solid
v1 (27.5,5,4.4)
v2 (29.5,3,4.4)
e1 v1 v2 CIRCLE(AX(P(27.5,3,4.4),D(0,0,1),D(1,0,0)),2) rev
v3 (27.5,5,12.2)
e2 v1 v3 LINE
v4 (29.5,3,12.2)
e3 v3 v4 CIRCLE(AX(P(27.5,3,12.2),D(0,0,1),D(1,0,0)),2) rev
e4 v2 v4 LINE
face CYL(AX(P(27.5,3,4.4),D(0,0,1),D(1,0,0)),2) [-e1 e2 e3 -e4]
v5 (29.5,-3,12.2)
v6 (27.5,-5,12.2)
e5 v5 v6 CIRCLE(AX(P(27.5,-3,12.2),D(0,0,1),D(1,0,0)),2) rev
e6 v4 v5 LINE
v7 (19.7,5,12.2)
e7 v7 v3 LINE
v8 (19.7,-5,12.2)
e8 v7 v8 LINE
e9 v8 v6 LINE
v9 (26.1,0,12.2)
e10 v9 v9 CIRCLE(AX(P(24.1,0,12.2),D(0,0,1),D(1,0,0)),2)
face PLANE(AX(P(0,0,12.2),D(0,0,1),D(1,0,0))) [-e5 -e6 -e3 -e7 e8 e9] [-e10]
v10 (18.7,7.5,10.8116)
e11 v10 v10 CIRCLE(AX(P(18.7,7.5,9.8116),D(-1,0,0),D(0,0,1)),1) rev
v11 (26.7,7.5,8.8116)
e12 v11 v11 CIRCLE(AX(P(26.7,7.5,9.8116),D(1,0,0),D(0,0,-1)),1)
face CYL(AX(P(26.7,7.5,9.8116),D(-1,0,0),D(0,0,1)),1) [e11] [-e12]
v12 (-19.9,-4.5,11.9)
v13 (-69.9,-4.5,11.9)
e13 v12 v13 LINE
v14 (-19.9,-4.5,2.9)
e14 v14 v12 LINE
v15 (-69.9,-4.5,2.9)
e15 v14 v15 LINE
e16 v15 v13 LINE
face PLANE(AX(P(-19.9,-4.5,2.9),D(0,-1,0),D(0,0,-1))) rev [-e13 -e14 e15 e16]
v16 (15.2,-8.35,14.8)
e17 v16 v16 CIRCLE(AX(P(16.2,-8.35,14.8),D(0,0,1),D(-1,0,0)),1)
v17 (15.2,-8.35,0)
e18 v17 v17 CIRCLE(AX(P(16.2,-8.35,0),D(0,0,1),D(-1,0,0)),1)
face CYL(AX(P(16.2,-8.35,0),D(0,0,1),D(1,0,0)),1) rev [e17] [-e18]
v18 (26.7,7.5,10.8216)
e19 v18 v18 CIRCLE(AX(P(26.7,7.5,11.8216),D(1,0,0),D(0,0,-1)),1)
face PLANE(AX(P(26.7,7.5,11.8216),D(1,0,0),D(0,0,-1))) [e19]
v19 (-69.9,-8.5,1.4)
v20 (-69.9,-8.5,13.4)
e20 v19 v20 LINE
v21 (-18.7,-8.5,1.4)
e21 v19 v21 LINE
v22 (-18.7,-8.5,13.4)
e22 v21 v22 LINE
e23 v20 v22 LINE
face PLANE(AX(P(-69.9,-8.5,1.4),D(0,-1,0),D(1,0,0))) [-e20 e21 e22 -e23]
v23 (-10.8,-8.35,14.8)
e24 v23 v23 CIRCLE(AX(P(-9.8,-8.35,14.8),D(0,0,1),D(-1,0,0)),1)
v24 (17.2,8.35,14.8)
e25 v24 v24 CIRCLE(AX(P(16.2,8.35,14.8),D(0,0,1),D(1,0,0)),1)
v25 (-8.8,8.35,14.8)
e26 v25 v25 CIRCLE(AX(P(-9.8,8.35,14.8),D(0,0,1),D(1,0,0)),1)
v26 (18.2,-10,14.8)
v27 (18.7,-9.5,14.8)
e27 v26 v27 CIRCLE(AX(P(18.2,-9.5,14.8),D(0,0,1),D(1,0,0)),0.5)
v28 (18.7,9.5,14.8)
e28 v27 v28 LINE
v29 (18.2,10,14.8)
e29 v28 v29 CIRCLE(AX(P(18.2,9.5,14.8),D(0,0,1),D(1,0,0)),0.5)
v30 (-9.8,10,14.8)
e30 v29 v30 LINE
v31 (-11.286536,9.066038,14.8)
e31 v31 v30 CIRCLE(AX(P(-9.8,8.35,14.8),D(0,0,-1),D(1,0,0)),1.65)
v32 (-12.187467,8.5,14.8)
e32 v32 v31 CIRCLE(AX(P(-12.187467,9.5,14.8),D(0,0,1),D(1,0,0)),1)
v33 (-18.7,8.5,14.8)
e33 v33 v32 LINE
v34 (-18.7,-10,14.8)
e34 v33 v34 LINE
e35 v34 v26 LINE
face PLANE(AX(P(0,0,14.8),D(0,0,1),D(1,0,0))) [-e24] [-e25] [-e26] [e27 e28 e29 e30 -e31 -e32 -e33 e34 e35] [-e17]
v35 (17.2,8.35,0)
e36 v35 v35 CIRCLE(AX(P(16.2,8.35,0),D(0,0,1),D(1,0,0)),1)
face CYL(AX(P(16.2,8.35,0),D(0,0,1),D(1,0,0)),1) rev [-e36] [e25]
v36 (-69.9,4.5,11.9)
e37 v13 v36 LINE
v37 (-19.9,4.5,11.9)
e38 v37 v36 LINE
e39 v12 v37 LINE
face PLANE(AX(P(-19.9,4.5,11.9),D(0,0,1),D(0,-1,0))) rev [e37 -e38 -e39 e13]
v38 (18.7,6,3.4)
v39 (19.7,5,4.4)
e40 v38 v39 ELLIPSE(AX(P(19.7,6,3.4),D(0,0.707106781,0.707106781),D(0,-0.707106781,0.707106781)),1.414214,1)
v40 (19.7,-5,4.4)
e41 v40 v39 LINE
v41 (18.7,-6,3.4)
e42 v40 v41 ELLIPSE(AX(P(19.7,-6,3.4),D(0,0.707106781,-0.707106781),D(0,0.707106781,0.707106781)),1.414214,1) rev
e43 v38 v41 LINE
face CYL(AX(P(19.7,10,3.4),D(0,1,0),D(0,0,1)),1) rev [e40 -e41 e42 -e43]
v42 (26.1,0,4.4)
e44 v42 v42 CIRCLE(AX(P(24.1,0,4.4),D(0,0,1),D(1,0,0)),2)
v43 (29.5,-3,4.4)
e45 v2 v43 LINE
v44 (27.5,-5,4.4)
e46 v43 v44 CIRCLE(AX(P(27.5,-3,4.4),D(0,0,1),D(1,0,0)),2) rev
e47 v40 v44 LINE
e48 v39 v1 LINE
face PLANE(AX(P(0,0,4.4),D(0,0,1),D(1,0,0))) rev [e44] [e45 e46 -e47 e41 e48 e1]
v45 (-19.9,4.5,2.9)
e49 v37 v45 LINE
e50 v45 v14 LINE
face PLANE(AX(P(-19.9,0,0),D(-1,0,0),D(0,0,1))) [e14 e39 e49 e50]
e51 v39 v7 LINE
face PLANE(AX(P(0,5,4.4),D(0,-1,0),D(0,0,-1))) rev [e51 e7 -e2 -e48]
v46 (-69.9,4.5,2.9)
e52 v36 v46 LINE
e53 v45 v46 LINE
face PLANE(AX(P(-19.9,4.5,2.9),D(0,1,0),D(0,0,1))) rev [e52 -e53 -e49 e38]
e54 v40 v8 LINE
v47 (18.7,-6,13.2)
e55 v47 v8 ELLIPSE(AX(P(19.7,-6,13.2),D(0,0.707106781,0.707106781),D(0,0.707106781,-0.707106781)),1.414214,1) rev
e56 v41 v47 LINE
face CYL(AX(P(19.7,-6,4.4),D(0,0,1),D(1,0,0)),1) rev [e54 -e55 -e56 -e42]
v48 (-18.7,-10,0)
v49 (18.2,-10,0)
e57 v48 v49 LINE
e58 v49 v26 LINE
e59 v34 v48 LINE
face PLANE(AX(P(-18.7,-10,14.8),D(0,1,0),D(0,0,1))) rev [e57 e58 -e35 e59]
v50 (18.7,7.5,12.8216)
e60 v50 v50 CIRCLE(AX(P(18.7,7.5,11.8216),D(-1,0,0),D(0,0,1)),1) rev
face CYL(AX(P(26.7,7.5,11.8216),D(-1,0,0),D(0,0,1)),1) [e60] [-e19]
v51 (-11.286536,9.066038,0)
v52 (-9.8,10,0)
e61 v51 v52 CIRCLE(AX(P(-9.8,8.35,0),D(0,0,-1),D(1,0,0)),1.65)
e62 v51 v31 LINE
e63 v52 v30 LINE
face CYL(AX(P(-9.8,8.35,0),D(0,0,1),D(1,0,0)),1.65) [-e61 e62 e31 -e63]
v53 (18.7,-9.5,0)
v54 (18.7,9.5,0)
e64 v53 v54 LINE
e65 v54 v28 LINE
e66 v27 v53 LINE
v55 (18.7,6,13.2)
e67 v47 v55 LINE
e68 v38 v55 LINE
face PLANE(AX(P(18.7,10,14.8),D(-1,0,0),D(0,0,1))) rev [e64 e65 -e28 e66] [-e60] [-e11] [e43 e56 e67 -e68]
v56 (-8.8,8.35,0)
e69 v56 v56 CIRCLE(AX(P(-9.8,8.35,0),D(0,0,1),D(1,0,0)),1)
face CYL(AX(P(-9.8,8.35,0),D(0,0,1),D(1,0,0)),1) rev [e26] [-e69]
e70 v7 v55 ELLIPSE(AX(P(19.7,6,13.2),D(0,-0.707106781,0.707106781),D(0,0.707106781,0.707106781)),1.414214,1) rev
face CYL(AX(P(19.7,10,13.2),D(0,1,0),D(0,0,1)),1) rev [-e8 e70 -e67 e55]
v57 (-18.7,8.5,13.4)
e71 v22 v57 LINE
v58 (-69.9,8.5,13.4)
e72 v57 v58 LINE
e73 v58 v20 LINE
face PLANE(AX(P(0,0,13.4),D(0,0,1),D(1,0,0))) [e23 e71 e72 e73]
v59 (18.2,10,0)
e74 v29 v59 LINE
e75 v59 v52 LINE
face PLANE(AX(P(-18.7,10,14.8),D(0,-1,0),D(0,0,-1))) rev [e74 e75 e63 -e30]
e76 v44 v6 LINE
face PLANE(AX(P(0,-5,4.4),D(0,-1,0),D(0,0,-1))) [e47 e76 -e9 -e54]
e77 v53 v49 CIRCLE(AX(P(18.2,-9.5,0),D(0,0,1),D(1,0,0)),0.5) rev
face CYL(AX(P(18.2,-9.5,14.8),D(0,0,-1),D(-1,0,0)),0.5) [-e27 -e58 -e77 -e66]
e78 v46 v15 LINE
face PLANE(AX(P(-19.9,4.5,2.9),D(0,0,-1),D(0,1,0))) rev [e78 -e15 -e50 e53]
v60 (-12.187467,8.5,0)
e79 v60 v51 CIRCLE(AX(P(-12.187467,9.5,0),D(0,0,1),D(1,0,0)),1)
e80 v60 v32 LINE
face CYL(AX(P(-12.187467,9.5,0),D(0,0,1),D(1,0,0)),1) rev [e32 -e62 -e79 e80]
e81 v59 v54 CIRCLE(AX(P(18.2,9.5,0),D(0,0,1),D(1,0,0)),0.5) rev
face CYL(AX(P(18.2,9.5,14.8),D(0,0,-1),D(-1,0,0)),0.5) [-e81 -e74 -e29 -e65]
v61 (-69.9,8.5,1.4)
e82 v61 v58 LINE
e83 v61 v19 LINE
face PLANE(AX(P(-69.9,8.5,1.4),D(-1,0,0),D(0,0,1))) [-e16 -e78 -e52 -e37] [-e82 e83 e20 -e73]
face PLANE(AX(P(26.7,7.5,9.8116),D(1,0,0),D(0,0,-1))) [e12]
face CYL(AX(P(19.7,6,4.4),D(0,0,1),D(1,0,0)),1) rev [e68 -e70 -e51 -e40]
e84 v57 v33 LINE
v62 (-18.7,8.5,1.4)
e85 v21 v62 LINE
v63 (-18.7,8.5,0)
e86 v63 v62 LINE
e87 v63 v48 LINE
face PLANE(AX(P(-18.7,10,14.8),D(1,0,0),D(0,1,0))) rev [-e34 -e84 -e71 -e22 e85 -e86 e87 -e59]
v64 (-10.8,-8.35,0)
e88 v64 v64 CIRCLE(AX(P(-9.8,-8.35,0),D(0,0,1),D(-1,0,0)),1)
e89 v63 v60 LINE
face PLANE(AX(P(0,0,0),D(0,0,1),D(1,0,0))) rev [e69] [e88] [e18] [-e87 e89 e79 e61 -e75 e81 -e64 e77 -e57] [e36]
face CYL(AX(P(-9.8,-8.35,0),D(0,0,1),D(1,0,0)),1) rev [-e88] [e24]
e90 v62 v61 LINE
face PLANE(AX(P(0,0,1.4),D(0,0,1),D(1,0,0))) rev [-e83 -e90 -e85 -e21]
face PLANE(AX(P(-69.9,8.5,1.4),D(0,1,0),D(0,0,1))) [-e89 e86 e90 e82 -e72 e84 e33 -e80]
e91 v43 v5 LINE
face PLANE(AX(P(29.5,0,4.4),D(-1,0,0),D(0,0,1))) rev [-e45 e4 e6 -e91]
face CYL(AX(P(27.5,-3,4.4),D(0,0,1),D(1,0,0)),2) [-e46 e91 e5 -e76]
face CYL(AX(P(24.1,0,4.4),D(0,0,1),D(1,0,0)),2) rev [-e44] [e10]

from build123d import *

# Parameters (mm, degrees)
BOSS_EXTRU_1_DEPTH      = 14.8
BOSS_EXTRU_2_START      = -2.6000000000000005
ESQUISSE2_R             = 2.000000000000003
BOSS_EXTRU_2_DEPTH      = 7.8
BOSS_EXTRU_3_START      = -1.4
BOSS_EXTRU_3_DEPTH      = 12
ENL_V_MAT_EXTRU_1_DEPTH = 50
CONG_1_R                = 1
CONG_2_R                = 1
ESQUISSE10_R            = 1.0000000000000018
ENL_V_MAT_EXTRU_2_DEPTH = 73.14603246194486
CONG_3_R                = 0.5
ESQUISSE11_R            = 1.0000000000000013
ESQUISSE11_R_2          = 0.9999999999999998
BOSS_EXTRU_5_DEPTH      = 8


with BuildPart() as part:
    # Esquisse1 → Boss.-Extru.1 (new body)
    with BuildSketch(Plane.XY):
        Polygon((-18.700000000000003, 10), (18.699999999999996, 10), (18.699999999999996, -10), (-18.7, -10), align=None)
    extrude(amount=BOSS_EXTRU_1_DEPTH)

    # Esquisse2 → Boss.-Extru.2 (add)
    with BuildSketch(Plane.XY.offset(14.8).offset(BOSS_EXTRU_2_START)):
        with BuildLine():
            Line((29.5, -3.0000000000000004), (29.5, 3.0000000000000004))
            ThreePointArc((29.5, 3.0000000000000004), (28.914213562373092, 4.414213562373096), (27.499999999999996, 4.999999999999998))
            Line((27.499999999999996, 5), (19.699999999999996, 5))
            ThreePointArc((19.699999999999996, 5.000000000000001), (18.99289321881345, 5.292893218813453), (18.699999999999996, 6))
            Line((18.699999999999996, 6), (18.699999999999996, 5))
            Line((18.699999999999996, 5.000000000000001), (18.699999999999996, -4.999999999999999))
            Line((18.699999999999996, -5), (18.699999999999996, -6))
            ThreePointArc((18.699999999999996, -6), (18.99289321881345, -5.292893218813453), (19.699999999999996, -5.000000000000001))
            Line((19.699999999999996, -5), (27.499999999999996, -5))
            ThreePointArc((27.499999999999996, -4.999999999999999), (28.914213562373096, -4.414213562373097), (29.5, -3.0000000000000004))
        make_face()
        with Locations((24.099999999999998, 0)):
            Circle(ESQUISSE2_R, mode=Mode.SUBTRACT)
    extrude(amount=-BOSS_EXTRU_2_DEPTH)

    # Esquisse4 → Boss.-Extru.3 (add)
    with BuildSketch(Plane.XY.offset(14.8).offset(BOSS_EXTRU_3_START)):
        Polygon((-69.9, 8.499999999999998), (-18.700000000000003, 8.499999999999998), (-18.700000000000003, -8.5), (-69.9, -8.499999999999998), align=None)
    extrude(amount=-BOSS_EXTRU_3_DEPTH)

    # Esquisse7 → Enlèv. mat.-Extru.1 (cut)
    with BuildSketch(Plane.ZY.offset(69.9)):
        Polygon((2.9000000000000026, 4.5), (11.9, 4.5), (11.900000000000004, -4.5), (2.9000000000000044, -4.5), align=None)
    extrude(amount=-ENL_V_MAT_EXTRU_1_DEPTH, mode=Mode.SUBTRACT)

    # Congé1
    cong_1_edges = [part.edges().sort_by_distance(p)[0] for p in [
        (18.699999999999996, 0, 4.4),
    ]]
    fillet(cong_1_edges, radius=CONG_1_R)

    # Congé2
    cong_2_edges = [part.edges().sort_by_distance(p)[0] for p in [
        (18.699999999999996, 0, 12.2),
    ]]
    fillet(cong_2_edges, radius=CONG_2_R)

    # Esquisse10 → Enlèv. mat.-Extru.2 (cut, through all)
    with BuildSketch(Plane.XY.offset(14.8)):
        with Locations((16.2, 8.35)):
            Circle(ESQUISSE10_R)
        with Locations((-9.800000000000002, 8.349999999999994)):
            Circle(ESQUISSE10_R)
        with Locations(Location((-9.80000000000001, -8.349999999999994, 0), (0, 0, 180))):
            Circle(ESQUISSE10_R)
        with Locations(Location((16.19999999999997, -8.35, 0), (0, 0, 180))):
            Circle(ESQUISSE10_R)
        with BuildLine():
            Line((-18.700000000000003, 8.499999999999998), (-12.187467277262673, 8.499999999999998))
            ThreePointArc((-12.187467277262673, 8.499999999999998), (-11.655472100663742, 8.653252616138984), (-11.286536229239028, 9.066037735849054))
            ThreePointArc((-11.286536229239028, 9.066037735849054), (-10.677792041388242, 9.747133183370671), (-9.800000000000002, 10))
            Line((-9.800000000000002, 10), (-18.700000000000003, 10))
            Line((-18.700000000000003, 10), (-18.700000000000003, 8.499999999999998))
        make_face()
    extrude(amount=-ENL_V_MAT_EXTRU_2_DEPTH, mode=Mode.SUBTRACT)

    # Congé3
    cong_3_edges = [part.edges().sort_by_distance(p)[0] for p in [
        (18.699999999999996, -10, 7.4),
        (18.699999999999996, 10, 7.4),
    ]]
    fillet(cong_3_edges, radius=CONG_3_R)

    # Esquisse11 → Boss.-Extru.5 (add)
    with BuildSketch(Plane(origin=(18.699999999999996, 0, 0), x_dir=(0, 0, -1), z_dir=(1, 0, 0))):
        with Locations(Location((-11.821599718382592, 7.5, 0), (0, 0, 180))):
            Circle(ESQUISSE11_R)
        with Locations(Location((-9.811599718382592, 7.5, 0), (0, 0, 180))):
            Circle(ESQUISSE11_R_2)
    extrude(amount=BOSS_EXTRU_5_DEPTH)


solid = part.part
